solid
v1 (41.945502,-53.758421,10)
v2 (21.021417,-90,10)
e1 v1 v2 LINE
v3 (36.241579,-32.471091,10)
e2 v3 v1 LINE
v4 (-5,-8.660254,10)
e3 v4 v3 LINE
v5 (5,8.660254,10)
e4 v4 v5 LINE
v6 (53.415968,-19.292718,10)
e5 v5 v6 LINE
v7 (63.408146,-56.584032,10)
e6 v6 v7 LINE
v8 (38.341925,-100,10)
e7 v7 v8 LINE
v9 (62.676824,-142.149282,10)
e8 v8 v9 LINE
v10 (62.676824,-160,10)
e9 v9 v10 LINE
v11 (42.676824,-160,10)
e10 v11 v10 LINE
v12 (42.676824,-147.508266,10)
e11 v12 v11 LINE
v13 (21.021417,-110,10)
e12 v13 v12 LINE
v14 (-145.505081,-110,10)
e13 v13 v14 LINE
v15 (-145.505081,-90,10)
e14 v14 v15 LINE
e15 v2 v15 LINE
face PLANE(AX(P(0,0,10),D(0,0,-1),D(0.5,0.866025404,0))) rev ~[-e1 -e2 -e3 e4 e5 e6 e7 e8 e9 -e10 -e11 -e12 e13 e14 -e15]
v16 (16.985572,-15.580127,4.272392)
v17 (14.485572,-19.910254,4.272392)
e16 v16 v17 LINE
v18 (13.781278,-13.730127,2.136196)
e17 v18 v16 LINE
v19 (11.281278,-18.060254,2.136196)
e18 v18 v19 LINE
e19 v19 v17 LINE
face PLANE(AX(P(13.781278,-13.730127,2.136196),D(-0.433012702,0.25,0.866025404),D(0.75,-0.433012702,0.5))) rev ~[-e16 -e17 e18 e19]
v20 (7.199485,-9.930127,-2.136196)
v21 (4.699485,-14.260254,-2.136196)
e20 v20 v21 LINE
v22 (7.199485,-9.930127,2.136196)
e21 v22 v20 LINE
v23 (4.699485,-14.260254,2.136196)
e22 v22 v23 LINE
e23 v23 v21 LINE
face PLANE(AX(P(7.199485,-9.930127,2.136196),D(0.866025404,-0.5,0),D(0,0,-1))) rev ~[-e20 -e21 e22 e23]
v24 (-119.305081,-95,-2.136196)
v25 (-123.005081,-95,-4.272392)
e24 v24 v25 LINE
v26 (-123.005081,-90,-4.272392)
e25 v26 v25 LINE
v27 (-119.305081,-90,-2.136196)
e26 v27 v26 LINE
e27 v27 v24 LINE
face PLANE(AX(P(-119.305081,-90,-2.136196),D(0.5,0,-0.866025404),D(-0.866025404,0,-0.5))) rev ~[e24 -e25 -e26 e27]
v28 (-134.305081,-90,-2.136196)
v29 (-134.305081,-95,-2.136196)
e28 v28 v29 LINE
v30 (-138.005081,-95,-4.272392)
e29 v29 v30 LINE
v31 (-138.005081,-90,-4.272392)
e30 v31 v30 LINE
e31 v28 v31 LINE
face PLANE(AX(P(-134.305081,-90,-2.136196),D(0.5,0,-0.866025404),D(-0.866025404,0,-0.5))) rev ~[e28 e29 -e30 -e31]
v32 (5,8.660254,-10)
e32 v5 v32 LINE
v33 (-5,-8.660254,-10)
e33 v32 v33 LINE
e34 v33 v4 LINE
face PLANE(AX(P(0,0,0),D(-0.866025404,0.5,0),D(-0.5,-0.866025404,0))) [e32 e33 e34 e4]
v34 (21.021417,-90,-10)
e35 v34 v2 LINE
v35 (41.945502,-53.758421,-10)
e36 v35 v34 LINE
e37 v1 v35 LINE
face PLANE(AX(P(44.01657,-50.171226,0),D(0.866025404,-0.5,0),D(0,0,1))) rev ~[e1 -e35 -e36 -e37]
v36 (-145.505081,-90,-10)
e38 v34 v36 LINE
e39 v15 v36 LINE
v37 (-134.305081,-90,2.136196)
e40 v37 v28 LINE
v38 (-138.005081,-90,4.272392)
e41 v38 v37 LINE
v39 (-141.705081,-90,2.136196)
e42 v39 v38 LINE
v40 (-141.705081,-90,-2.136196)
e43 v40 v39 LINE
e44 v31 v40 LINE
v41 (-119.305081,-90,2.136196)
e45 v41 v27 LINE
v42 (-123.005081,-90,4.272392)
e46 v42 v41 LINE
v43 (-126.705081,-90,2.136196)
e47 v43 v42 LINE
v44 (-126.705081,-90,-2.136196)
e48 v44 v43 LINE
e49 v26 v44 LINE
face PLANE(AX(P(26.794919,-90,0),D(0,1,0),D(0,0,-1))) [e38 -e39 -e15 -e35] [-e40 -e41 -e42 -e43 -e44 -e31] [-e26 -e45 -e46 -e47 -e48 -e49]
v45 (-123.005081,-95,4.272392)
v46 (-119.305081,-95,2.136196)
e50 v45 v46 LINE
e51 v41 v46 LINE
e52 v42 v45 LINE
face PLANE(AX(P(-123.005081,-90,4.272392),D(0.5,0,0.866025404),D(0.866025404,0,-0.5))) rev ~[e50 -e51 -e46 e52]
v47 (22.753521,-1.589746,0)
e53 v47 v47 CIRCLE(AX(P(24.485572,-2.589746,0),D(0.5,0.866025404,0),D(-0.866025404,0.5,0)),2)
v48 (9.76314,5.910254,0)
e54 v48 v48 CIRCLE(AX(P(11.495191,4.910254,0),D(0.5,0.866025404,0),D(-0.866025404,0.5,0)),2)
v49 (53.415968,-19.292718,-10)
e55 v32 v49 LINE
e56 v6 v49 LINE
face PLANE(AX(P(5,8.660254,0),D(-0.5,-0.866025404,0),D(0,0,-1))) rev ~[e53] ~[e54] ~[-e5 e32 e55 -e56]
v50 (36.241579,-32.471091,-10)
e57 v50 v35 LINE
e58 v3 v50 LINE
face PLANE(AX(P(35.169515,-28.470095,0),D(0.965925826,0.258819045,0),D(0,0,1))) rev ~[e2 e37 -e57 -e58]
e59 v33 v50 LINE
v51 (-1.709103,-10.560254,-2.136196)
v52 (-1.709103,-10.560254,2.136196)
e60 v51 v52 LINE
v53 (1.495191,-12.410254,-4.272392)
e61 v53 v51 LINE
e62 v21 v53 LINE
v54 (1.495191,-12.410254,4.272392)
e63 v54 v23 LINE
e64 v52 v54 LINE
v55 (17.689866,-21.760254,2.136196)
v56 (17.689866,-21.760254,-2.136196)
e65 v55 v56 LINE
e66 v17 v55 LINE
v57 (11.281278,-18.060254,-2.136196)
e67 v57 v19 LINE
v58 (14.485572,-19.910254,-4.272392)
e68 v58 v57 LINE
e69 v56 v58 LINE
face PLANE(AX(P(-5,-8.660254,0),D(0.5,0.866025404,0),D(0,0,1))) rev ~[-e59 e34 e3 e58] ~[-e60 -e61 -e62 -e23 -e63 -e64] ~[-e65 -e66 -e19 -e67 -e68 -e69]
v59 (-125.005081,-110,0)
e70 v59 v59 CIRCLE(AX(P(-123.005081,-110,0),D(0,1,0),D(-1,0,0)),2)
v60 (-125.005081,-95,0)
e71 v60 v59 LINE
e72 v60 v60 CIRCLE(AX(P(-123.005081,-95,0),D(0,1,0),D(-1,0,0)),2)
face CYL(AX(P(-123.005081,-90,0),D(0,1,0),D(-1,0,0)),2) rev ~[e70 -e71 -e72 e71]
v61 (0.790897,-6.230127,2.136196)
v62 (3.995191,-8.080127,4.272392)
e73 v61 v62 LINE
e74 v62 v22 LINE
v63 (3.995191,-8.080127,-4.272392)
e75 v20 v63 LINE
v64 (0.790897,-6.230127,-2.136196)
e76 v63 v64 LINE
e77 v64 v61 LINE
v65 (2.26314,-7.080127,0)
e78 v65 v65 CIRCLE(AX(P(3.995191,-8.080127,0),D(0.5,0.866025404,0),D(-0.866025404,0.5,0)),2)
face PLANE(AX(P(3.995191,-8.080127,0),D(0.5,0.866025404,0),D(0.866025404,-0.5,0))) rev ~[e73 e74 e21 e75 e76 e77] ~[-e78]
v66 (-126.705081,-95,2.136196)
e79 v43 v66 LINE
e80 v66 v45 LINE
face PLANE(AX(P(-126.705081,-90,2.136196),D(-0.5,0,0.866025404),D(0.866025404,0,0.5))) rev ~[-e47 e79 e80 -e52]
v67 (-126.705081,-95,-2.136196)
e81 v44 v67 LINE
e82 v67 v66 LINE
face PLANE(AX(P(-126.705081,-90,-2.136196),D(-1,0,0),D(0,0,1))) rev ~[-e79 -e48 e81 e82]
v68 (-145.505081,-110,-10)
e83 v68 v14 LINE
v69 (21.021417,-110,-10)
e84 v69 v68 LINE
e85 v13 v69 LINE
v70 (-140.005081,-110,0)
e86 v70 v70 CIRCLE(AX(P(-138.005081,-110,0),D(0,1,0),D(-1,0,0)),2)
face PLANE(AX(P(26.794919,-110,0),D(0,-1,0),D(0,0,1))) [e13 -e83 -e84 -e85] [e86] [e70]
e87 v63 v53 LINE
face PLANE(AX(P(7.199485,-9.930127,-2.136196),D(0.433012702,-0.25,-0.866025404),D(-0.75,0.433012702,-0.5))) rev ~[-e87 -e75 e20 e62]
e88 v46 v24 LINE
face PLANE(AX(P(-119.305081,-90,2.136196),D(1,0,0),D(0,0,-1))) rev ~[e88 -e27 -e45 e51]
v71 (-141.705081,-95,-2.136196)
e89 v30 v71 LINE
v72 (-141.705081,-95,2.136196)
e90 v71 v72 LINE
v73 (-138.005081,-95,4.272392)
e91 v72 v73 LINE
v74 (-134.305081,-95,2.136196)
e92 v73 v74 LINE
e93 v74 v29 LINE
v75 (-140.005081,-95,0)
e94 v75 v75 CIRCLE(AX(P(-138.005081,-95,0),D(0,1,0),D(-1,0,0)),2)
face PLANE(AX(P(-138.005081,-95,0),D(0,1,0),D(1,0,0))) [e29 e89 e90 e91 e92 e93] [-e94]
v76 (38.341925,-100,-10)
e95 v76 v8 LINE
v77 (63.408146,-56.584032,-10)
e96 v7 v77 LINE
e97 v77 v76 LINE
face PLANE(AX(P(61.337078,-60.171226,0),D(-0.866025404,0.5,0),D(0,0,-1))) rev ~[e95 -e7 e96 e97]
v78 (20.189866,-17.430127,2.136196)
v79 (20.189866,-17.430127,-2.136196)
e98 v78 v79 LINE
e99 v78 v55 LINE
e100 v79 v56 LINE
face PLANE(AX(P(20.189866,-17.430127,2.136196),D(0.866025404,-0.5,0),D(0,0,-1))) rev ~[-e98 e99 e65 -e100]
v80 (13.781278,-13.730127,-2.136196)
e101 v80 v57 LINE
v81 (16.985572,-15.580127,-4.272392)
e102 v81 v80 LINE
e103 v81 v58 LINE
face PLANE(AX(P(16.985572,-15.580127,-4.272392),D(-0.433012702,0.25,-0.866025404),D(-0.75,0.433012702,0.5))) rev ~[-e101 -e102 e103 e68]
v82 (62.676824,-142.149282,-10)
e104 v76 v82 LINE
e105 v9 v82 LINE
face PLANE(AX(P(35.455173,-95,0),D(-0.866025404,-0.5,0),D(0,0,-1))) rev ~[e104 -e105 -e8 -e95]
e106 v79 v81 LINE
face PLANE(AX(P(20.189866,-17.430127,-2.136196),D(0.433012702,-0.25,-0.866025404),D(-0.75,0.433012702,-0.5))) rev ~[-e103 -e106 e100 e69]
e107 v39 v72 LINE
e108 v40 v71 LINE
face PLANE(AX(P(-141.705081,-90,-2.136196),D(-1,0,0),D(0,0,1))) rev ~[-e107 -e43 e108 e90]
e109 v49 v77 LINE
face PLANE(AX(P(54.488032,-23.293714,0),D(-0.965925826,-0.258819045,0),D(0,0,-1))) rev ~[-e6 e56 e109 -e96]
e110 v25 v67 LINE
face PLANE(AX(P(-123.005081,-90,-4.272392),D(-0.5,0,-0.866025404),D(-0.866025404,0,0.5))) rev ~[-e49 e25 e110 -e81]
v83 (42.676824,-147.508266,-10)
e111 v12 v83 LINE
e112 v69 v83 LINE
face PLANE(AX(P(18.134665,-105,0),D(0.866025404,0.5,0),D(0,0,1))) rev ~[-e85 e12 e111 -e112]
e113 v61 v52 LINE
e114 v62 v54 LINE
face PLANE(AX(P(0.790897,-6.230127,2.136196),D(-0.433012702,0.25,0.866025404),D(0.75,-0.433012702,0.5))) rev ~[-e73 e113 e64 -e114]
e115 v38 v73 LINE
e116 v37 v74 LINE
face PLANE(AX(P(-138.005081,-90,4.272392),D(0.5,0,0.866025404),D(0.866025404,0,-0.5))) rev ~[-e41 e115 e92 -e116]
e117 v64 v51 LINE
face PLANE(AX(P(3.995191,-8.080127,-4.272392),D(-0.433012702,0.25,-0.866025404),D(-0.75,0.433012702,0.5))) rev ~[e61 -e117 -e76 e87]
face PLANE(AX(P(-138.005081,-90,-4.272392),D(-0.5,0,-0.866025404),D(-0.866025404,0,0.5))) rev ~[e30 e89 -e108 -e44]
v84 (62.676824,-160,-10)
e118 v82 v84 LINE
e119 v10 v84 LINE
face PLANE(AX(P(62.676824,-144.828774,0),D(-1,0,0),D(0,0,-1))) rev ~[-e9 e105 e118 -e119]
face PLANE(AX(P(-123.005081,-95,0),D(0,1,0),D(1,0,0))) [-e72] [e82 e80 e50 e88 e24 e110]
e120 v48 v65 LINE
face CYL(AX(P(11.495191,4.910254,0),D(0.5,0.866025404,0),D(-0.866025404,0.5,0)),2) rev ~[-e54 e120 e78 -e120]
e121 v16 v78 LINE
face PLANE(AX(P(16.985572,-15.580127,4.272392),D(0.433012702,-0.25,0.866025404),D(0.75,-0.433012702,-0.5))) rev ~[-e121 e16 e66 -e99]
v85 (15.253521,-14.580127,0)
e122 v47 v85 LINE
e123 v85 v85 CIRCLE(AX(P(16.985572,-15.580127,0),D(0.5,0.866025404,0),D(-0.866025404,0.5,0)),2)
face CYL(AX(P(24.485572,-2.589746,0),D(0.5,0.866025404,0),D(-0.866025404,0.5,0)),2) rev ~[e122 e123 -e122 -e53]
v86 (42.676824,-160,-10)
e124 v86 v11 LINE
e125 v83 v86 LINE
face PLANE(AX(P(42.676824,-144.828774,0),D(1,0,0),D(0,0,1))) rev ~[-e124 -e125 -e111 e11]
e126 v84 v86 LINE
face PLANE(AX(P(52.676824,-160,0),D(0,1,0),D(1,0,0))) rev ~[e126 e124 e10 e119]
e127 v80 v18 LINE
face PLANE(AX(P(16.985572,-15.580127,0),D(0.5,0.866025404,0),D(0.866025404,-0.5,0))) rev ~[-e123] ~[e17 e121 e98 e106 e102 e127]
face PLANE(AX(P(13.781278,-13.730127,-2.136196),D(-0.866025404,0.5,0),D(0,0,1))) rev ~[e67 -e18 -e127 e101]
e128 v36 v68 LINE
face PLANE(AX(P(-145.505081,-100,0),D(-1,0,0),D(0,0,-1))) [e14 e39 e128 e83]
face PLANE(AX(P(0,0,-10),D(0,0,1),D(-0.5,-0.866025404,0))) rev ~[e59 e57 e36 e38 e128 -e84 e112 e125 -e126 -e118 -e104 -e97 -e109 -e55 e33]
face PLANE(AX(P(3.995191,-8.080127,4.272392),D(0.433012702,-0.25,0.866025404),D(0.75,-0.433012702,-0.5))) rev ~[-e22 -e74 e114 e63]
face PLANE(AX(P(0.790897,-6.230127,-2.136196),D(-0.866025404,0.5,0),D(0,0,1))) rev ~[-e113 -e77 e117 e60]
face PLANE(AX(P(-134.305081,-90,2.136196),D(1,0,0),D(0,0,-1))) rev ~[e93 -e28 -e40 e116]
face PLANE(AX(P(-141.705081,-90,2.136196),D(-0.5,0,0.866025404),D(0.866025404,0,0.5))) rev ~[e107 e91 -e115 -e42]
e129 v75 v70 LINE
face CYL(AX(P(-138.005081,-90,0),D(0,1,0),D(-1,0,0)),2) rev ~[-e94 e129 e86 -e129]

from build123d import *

# Parameters (mm, degrees)
SKETCH2_W          = 20
SKETCH2_H          = 20
SKETCH4_W          = 20
SKETCH4_H          = 20
CUT_EXTRUDE1_REACH = 228.27
SKETCH5_R          = 2
CUT_EXTRUDE2_START = -15
SKETCH5_3_R        = 2
CUT_EXTRUDE2_DEPTH = 5
CUT_EXTRUDE3_REACH = 204.251
SKETCH6_R          = 2
SKETCH6_5_R        = 2
CUT_EXTRUDE4_DEPTH = 5


with BuildPart() as part:
    # Sweep1: sweep along a path in Sketch1
    with BuildLine(Plane.XY) as sweep1_path:
        Line((0, 0), (44.828773608, -25.88190451))
        Line((44.828773608, -25.88190451), (52.676823753, -55.171226392))
        Line((52.676823753, -55.171226392), (26.794919243, -100))
        Line((26.794919243, -100), (52.676823753, -144.828773608))
        Line((52.676823753, -144.828773608), (52.676823753, -160))
    # Sketch2 → Sweep1 (sweep)
    with BuildSketch(Plane(origin=(0, 0, 0), x_dir=(0, 0, 1), z_dir=(-0.8660254037844382, 0.500000000000001, 0))):
        Rectangle(SKETCH2_W, SKETCH2_H)
    sweep(path=sweep1_path.line, transition=Transition.RIGHT)

    # Sweep3: sweep along a path in Sketch1<5>
    with BuildLine(Plane.XY) as sweep3_path:
        Line((26.794919243, -100), (-145.505080757, -100))
    # Sketch4 → Sweep3 (sweep)
    with BuildSketch(Plane(origin=(-145.505080757, -100, 0), x_dir=(0, 0, 1), z_dir=(-1, 0, 0))):
        Rectangle(SKETCH4_W, SKETCH4_H)
    sweep(path=sweep3_path.line)

    # Sketch5 → Cut-Extrude1 (cut, up to next)
    with BuildSketch(Plane(origin=(5, 8.660254038, 0), x_dir=(0.8660254037844382, -0.500000000000001, 0), z_dir=(0.500000000000001, 0.8660254037844382, 0)), mode=Mode.PRIVATE) as cut_extrude1_sk1:
        with Locations(Location((7.5, 0, 0), (0, 0, 180))):
            Circle(SKETCH5_R)
    cut_extrude1_tool1 = extrude(cut_extrude1_sk1.sketch, amount=-CUT_EXTRUDE1_REACH, mode=Mode.PRIVATE) & part.part
    # Sketch5 → Cut-Extrude1 (cut, up to next)
    with BuildSketch(Plane(origin=(5, 8.660254038, 0), x_dir=(0.8660254037844382, -0.500000000000001, 0), z_dir=(0.500000000000001, 0.8660254037844382, 0)), mode=Mode.PRIVATE) as cut_extrude1_sk2:
        with Locations(Location((22.5, 0, 0), (0, 0, 180))):
            Circle(SKETCH5_R)
    cut_extrude1_tool2 = extrude(cut_extrude1_sk2.sketch, amount=-CUT_EXTRUDE1_REACH, mode=Mode.PRIVATE) & part.part
    add(cut_extrude1_tool1.solids().sort_by_distance((11.495191, 4.910254, 0))[0], mode=Mode.SUBTRACT)
    add(cut_extrude1_tool2.solids().sort_by_distance((24.485572, -2.589746, 0))[0], mode=Mode.SUBTRACT)

    # Sketch5<3> → Cut-Extrude2 (cut)
    # profile 1 of 2: a face of its own
    with BuildSketch(Plane(origin=(5, 8.660254038, 0), x_dir=(0.8660254037844382, -0.500000000000001, 0), z_dir=(0.500000000000001, 0.8660254037844382, 0)).offset(CUT_EXTRUDE2_START)):
        Polygon((11.2, -2.136195996), (11.2, 2.136195996), (7.5, 4.272391992), (3.8, 2.136195996), (3.8, -2.136195996), (7.5, -4.272391992), align=None)
        with Locations(Location((7.5, 0, 0), (0, 0, 180))):
            Circle(SKETCH5_3_R, mode=Mode.SUBTRACT)
    # profile 2 of 2: a face of its own
    with BuildSketch(Plane(origin=(5, 8.660254038, 0), x_dir=(0.8660254037844382, -0.500000000000001, 0), z_dir=(0.500000000000001, 0.8660254037844382, 0)).offset(CUT_EXTRUDE2_START)):
        Polygon((26.2, -2.136195996), (26.2, 2.136195996), (22.5, 4.272391992), (18.8, 2.136195996), (18.8, -2.136195996), (22.5, -4.272391992), align=None)
        with Locations(Location((22.5, 0, 0), (0, 0, 180))):
            Circle(SKETCH5_3_R, mode=Mode.SUBTRACT)
    extrude(amount=-CUT_EXTRUDE2_DEPTH, mode=Mode.SUBTRACT)

    # Sketch6 → Cut-Extrude3 (cut, up to next)
    with BuildSketch(Plane(origin=(0, -90, -90), x_dir=(1, 0, 0), z_dir=(0, 1, 0)), mode=Mode.PRIVATE) as cut_extrude3_sk1:
        with Locations(Location((-138.005080757, -90, 0), (0, 0, 180))):
            Circle(SKETCH6_R)
    cut_extrude3_tool1 = extrude(cut_extrude3_sk1.sketch, amount=-CUT_EXTRUDE3_REACH, mode=Mode.PRIVATE) & part.part
    # Sketch6 → Cut-Extrude3 (cut, up to next)
    with BuildSketch(Plane(origin=(0, -90, -90), x_dir=(1, 0, 0), z_dir=(0, 1, 0)), mode=Mode.PRIVATE) as cut_extrude3_sk2:
        with Locations(Location((-123.005080757, -90, 0), (0, 0, 180))):
            Circle(SKETCH6_R)
    cut_extrude3_tool2 = extrude(cut_extrude3_sk2.sketch, amount=-CUT_EXTRUDE3_REACH, mode=Mode.PRIVATE) & part.part
    add(cut_extrude3_tool1.solids().sort_by_distance((-138.005081, -90, 0))[0], mode=Mode.SUBTRACT)
    add(cut_extrude3_tool2.solids().sort_by_distance((-123.005081, -90, 0))[0], mode=Mode.SUBTRACT)

    # Sketch6<5> → Cut-Extrude4 (cut)
    # profile 1 of 2: a face of its own
    with BuildSketch(Plane(origin=(0, -90, -90), x_dir=(1, 0, 0), z_dir=(0, 1, 0))):
        Polygon((-134.305080757, -92.136195996), (-134.305080757, -87.863804004), (-138.005080757, -85.727608008), (-141.705080757, -87.863804004), (-141.705080757, -92.136195996), (-138.005080757, -94.272391992), align=None)
        with Locations(Location((-138.005080757, -90, 0), (0, 0, 180))):
            Circle(SKETCH6_5_R, mode=Mode.SUBTRACT)
    # profile 2 of 2: a face of its own
    with BuildSketch(Plane(origin=(0, -90, -90), x_dir=(1, 0, 0), z_dir=(0, 1, 0))):
        Polygon((-119.305080757, -92.136195996), (-119.305080757, -87.863804004), (-123.005080757, -85.727608008), (-126.705080757, -87.863804004), (-126.705080757, -92.136195996), (-123.005080757, -94.272391992), align=None)
        with Locations(Location((-123.005080757, -90, 0), (0, 0, 180))):
            Circle(SKETCH6_5_R, mode=Mode.SUBTRACT)
    extrude(amount=-CUT_EXTRUDE4_DEPTH, mode=Mode.SUBTRACT)


solid = part.part
